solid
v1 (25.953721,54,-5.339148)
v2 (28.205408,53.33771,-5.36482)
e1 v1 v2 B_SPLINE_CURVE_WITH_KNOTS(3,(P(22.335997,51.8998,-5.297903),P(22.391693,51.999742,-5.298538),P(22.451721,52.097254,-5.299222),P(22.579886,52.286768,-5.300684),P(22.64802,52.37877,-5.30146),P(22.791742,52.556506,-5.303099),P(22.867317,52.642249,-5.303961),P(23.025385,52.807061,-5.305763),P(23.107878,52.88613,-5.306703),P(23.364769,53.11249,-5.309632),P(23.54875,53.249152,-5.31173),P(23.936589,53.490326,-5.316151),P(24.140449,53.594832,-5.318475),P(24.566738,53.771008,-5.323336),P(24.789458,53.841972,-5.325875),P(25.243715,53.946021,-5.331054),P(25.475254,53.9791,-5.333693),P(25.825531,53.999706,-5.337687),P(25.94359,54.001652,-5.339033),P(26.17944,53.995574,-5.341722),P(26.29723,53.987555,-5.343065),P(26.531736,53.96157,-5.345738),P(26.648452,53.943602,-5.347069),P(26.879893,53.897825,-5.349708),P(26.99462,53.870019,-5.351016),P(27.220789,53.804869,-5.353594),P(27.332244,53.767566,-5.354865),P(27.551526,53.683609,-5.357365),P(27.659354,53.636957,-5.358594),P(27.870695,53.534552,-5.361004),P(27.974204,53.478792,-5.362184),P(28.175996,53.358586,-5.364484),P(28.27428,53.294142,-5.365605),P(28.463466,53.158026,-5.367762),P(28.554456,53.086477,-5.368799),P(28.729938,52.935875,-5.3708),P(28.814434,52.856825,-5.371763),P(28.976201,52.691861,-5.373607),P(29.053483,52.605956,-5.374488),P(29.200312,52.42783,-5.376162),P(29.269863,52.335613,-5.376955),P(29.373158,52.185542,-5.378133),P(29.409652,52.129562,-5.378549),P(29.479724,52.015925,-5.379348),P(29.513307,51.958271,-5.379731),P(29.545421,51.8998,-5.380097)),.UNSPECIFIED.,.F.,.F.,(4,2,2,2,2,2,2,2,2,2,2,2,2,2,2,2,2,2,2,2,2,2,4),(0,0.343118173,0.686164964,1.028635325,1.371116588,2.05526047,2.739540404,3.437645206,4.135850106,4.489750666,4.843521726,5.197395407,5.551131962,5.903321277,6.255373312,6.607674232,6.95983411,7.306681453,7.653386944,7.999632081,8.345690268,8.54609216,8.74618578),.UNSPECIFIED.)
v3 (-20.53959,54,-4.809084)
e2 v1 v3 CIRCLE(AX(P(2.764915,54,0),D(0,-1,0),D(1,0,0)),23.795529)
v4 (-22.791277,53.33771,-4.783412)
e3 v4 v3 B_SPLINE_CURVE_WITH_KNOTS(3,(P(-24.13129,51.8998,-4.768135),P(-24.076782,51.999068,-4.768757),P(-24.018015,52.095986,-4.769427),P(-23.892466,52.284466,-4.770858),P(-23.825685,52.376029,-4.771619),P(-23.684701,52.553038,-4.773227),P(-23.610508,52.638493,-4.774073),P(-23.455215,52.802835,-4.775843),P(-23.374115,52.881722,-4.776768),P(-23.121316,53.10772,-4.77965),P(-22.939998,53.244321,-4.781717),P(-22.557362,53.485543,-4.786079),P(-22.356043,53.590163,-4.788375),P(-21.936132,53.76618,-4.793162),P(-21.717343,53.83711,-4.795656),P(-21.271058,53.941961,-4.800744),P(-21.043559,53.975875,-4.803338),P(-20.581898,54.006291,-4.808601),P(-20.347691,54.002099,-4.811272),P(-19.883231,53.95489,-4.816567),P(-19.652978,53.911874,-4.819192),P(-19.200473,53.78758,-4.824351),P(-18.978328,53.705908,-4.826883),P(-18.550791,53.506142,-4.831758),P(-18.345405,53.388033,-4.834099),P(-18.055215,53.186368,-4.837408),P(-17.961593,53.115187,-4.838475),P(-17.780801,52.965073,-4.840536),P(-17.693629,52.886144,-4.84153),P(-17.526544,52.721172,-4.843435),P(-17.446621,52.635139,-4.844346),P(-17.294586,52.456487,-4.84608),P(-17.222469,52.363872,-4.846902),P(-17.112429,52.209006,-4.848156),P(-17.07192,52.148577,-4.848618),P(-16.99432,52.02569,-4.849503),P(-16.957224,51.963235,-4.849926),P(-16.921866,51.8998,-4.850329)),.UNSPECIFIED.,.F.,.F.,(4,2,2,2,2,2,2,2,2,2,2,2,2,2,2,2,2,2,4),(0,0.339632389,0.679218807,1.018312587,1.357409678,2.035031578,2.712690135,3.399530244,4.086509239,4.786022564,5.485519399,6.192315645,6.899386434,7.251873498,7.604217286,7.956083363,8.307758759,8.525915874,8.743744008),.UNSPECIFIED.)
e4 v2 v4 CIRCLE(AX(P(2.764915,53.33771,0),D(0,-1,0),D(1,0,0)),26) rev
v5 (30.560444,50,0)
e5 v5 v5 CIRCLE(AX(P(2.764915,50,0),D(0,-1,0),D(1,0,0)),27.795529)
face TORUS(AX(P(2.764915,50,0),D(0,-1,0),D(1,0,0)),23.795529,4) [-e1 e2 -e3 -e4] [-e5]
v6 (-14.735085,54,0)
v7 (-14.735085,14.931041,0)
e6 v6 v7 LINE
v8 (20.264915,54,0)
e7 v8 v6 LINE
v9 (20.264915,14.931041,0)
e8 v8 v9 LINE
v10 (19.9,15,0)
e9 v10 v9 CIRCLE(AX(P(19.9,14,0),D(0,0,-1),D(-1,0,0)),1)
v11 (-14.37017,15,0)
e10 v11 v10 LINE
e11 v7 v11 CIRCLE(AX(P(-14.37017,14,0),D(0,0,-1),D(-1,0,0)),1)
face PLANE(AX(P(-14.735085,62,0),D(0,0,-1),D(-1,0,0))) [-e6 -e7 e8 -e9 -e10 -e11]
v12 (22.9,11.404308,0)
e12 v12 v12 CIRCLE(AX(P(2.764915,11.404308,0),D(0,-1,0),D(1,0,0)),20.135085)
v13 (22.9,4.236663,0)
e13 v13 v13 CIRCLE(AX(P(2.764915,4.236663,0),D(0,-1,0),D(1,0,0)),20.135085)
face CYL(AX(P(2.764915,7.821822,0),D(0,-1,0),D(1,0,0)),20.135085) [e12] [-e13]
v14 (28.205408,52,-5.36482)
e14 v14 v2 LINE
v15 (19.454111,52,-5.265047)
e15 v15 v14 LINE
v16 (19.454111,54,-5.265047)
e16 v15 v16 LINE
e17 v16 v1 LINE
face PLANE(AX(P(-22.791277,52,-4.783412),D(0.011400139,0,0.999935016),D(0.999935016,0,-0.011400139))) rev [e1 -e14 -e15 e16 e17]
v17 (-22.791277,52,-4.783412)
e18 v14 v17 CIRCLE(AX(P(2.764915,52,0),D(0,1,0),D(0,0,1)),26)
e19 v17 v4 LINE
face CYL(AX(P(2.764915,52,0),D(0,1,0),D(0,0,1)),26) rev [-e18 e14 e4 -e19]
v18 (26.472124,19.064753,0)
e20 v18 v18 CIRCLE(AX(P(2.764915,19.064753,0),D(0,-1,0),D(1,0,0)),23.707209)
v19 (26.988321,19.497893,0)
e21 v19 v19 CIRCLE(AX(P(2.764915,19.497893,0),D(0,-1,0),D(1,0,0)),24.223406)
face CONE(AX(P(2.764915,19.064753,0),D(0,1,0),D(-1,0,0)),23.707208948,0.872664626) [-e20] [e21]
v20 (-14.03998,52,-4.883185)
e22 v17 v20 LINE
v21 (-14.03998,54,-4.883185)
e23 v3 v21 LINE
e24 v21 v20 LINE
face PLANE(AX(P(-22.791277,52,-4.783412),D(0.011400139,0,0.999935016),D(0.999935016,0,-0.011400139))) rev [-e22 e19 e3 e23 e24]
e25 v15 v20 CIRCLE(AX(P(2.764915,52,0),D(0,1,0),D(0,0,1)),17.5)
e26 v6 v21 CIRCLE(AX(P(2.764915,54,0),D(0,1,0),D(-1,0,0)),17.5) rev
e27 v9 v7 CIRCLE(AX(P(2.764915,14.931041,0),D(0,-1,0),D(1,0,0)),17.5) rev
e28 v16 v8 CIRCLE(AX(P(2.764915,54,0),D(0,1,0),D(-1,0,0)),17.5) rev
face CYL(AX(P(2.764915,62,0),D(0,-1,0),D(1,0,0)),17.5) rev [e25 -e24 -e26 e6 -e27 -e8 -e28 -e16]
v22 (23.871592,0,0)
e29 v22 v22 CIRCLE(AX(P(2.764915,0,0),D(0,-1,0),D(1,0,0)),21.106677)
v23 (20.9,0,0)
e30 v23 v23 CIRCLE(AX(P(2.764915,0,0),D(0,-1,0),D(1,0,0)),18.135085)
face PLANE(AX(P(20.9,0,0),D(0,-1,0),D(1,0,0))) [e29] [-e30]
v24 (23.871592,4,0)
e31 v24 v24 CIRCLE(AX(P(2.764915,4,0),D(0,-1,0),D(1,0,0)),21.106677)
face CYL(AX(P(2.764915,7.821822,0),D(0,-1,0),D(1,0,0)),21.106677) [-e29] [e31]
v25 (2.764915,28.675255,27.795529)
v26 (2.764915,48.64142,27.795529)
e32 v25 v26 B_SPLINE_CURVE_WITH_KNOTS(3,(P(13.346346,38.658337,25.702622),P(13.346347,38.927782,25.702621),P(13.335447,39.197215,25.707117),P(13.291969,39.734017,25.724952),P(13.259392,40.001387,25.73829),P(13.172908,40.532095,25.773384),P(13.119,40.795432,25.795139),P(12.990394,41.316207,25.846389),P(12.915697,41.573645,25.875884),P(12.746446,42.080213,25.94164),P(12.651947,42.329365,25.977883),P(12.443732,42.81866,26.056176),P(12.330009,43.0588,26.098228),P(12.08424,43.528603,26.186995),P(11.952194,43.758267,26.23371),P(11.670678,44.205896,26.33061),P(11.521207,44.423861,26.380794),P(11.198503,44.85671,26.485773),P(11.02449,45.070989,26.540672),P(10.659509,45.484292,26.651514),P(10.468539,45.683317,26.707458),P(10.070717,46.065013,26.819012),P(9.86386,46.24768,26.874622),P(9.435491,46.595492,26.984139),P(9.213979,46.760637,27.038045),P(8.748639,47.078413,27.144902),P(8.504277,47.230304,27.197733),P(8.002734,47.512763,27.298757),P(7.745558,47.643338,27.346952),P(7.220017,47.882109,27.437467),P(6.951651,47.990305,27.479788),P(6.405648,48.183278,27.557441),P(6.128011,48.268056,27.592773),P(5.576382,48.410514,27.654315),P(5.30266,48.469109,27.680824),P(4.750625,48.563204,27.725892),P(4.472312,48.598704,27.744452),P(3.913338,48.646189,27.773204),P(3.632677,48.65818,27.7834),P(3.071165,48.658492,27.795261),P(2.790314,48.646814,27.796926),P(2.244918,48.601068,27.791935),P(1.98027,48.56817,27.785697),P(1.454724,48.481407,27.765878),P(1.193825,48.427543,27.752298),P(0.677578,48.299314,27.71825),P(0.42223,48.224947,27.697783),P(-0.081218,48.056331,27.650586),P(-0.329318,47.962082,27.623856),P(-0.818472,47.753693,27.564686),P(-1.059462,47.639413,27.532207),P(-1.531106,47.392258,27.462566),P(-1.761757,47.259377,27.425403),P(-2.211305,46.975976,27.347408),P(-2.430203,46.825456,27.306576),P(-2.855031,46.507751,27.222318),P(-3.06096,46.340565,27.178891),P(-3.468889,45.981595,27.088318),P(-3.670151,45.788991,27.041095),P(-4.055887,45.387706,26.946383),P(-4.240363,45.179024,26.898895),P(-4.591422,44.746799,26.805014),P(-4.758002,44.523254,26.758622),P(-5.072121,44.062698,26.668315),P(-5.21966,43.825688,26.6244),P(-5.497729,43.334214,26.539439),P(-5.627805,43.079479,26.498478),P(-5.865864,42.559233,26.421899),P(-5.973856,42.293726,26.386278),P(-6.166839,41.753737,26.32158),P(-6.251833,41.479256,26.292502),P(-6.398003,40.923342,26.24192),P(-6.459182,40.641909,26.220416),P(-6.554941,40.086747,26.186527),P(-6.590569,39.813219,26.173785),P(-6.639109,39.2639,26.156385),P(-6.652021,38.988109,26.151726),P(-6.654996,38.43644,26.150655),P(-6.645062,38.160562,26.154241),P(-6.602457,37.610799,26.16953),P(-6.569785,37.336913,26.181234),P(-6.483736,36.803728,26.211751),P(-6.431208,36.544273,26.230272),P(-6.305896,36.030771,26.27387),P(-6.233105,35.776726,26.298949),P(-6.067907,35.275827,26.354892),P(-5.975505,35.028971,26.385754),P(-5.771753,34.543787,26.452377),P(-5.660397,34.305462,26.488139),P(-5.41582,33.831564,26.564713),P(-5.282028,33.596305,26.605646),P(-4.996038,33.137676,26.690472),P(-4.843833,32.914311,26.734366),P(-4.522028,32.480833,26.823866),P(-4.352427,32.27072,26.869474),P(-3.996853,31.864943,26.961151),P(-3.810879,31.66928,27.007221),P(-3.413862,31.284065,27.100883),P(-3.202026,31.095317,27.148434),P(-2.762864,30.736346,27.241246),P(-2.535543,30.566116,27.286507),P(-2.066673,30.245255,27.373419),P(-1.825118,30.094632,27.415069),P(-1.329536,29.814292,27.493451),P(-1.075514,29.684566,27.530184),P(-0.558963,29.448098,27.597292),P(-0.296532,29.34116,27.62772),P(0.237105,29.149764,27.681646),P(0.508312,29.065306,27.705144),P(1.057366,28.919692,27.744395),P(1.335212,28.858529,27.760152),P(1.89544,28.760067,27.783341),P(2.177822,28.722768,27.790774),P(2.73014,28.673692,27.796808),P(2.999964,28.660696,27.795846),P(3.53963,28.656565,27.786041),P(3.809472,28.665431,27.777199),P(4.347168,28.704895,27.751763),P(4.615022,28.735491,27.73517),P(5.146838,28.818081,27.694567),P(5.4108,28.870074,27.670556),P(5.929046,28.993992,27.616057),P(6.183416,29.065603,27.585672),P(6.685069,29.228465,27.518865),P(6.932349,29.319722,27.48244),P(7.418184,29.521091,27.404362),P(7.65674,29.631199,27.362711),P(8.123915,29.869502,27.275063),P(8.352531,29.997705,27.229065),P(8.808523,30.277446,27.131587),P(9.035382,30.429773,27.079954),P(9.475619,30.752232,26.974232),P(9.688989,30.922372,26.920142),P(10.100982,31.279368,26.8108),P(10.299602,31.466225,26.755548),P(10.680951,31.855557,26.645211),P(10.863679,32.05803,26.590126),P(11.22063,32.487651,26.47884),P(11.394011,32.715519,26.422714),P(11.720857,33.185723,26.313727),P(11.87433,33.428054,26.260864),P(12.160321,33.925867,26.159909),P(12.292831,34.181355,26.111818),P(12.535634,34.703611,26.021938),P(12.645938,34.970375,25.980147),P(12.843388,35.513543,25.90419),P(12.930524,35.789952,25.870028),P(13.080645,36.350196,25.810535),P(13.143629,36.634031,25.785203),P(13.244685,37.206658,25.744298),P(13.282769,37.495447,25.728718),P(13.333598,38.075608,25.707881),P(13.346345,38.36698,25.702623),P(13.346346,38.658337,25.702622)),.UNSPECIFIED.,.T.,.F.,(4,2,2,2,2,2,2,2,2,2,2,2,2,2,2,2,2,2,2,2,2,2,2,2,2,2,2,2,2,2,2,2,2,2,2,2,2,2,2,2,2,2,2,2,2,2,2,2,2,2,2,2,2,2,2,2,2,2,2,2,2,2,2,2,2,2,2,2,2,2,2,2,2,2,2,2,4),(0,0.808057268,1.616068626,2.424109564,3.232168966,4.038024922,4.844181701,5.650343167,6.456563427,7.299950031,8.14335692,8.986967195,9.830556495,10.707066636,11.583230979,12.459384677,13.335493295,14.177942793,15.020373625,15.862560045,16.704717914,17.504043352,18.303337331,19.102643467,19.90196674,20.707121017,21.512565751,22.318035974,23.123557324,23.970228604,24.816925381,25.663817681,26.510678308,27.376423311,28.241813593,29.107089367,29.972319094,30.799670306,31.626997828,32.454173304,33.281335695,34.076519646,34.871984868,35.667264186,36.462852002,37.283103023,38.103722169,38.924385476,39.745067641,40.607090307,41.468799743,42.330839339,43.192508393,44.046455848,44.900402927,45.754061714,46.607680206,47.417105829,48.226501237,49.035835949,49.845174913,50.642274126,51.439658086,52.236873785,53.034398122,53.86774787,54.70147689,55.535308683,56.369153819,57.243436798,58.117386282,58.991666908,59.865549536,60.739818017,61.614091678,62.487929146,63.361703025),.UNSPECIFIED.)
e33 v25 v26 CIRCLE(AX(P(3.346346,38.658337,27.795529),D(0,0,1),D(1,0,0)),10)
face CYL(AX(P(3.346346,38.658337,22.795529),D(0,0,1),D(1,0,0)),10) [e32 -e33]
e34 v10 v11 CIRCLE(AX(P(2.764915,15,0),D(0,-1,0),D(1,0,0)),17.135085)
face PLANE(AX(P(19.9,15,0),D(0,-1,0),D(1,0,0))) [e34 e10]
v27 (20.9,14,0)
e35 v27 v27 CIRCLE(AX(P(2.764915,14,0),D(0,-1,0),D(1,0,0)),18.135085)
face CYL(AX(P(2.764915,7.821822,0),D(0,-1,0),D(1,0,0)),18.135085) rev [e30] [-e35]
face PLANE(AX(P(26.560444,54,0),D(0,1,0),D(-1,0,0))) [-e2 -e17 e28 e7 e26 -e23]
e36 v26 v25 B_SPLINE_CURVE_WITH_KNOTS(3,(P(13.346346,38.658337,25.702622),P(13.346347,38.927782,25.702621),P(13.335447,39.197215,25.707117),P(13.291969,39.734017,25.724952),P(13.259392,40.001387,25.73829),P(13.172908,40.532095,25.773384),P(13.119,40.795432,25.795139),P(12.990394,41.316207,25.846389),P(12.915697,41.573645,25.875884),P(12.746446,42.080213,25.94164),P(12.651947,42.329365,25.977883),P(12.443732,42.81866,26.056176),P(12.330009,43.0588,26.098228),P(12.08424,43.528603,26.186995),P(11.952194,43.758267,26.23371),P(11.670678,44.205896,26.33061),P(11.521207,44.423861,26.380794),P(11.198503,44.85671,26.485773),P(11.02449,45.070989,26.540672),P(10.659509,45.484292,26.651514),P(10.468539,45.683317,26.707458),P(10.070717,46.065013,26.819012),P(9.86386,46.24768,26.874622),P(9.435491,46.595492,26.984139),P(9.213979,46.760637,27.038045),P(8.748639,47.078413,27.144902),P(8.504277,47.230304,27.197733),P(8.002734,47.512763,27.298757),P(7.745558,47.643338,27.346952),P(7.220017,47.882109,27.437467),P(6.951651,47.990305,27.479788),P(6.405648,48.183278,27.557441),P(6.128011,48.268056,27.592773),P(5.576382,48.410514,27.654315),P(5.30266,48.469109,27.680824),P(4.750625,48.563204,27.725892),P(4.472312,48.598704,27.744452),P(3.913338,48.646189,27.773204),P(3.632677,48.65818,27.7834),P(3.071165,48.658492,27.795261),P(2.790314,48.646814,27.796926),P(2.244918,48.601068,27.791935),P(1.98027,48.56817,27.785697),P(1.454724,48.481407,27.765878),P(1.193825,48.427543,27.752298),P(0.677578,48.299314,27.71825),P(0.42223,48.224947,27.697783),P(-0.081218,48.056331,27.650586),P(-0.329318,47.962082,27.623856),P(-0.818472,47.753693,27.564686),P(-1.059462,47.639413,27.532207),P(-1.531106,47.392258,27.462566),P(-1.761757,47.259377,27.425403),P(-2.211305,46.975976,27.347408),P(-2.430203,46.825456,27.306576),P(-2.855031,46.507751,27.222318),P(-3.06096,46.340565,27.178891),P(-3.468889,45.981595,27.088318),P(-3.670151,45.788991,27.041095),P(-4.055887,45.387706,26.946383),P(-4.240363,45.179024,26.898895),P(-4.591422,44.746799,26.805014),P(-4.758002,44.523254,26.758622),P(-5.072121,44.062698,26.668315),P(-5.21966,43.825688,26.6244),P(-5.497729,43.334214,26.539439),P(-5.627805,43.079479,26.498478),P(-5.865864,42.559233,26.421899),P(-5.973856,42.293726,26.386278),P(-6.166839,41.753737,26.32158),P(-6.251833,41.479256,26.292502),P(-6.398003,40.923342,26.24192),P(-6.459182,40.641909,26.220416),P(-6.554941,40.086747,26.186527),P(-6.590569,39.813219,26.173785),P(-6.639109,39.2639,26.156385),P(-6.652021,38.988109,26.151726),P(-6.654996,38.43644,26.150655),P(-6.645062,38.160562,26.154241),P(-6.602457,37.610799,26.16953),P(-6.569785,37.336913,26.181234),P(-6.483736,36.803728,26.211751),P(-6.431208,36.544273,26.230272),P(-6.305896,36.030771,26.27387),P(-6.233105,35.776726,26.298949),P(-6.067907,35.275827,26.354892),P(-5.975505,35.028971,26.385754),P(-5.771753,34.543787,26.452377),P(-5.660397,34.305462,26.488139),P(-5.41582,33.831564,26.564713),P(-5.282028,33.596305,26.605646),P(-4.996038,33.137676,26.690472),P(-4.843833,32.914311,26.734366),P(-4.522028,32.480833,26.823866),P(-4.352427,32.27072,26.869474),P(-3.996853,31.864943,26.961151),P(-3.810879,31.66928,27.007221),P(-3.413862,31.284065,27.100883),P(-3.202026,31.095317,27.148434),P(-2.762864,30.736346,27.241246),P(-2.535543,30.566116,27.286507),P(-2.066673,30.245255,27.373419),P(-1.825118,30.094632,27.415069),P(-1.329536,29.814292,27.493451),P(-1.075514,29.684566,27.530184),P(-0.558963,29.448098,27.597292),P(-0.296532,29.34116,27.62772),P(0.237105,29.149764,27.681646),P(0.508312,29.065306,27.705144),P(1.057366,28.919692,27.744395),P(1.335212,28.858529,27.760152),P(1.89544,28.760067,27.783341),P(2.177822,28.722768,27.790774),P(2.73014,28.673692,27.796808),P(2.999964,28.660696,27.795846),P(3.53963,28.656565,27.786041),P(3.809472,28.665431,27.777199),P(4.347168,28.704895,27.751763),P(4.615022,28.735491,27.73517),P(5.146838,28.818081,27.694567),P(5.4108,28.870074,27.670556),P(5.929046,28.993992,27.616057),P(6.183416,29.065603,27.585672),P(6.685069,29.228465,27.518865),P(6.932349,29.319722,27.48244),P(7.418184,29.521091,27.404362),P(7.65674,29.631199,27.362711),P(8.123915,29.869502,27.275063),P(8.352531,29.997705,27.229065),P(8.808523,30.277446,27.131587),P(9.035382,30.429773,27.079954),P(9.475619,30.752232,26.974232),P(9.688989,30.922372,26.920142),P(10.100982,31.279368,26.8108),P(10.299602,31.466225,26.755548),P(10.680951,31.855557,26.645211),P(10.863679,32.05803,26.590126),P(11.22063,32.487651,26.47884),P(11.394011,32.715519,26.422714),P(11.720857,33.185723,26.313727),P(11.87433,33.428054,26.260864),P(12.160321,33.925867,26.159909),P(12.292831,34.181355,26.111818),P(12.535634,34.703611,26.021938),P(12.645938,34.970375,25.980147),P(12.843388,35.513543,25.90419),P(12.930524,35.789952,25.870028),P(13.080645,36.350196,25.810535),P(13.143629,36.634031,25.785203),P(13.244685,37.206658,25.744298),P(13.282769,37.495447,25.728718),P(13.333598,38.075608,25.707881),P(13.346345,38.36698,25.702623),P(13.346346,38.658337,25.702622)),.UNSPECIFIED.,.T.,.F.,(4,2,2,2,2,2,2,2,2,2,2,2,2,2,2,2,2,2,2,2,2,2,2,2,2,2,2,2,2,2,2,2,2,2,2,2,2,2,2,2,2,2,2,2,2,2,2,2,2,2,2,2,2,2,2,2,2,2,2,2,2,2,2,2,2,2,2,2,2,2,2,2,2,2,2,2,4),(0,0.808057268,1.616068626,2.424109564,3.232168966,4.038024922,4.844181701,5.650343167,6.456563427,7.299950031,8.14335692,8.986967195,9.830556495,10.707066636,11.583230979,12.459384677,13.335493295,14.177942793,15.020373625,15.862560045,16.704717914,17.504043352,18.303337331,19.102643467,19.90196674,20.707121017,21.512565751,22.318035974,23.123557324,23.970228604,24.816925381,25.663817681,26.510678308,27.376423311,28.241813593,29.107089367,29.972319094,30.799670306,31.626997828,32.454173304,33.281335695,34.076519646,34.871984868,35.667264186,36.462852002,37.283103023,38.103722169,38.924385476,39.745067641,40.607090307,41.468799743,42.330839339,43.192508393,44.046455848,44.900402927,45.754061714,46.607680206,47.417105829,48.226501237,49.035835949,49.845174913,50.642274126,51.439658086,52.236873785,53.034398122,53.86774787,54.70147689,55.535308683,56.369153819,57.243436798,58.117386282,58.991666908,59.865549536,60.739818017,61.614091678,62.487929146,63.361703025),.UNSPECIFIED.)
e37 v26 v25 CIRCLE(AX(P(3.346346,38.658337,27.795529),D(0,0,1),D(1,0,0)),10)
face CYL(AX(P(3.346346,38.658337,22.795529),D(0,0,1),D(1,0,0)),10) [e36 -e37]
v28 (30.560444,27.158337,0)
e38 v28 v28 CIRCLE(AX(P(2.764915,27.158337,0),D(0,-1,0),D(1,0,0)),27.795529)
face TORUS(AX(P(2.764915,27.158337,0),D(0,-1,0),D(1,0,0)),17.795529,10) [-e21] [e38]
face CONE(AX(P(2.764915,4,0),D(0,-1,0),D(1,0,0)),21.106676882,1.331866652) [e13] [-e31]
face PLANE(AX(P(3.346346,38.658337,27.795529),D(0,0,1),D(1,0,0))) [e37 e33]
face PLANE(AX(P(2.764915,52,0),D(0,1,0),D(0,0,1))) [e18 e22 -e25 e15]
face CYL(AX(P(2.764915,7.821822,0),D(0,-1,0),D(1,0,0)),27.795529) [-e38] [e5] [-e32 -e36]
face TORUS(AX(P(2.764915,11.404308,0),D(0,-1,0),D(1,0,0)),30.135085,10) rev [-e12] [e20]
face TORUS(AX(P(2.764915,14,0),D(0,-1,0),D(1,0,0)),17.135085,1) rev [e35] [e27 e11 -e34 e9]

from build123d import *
from build123d.topology import SkipClean

# Parameters (mm, degrees)
SKETCH10_R              = 10
BOSS_EXTRUDE1_DEPTH     = 5
CUT_EXTRUDE3_DEPTH      = 45
CUT_EXTRUDE3_DEPTH_BACK = 20
CUT_EXTRUDE5_DEPTH      = 2


with BuildPart() as part:
    # Sketch1 → Revolve1 (revolve)
    with BuildSketch(Plane.XY):
        with BuildLine():
            Line((20.9, 0), (23.871591838, 0))
            Line((23.871591838, 0), (23.871591838, 4))
            Line((23.871591838, 4), (22.9, 4.236662843))
            Line((22.9, 4.236662843), (22.9, 11.404308102))
            ThreePointArc((22.9, 11.404308102), (23.83692213, 15.63049072), (26.472123903, 19.064752533))
            Line((26.472123903, 19.064752533), (26.988320528, 19.497892931))
            ThreePointArc((26.988320528, 19.497892931), (29.623522302, 22.932154745), (30.560444431, 27.158337362))
            Line((30.560444431, 27.158337362), (30.560444431, 50))
            ThreePointArc((30.560444431, 50), (29.388871556, 52.828427125), (26.560444431, 54))
            Line((26.560444431, 54), (2.764914955, 54))
            Line((2.764914955, 54), (2.764914955, 15))
            Line((2.764914955, 15), (19.9, 15))
            ThreePointArc((19.9, 15), (20.607106781, 14.707106781), (20.9, 14))
            Line((20.9, 14), (20.9, 0))
        make_face()
    revolve(axis=Axis((2.764914955, 7.821821657, 0), (0, 1, 0)))

    # Sketch10 → Boss-Extrude1 (add)
    with SkipClean():  # the faces are left unmerged after this step: merging them gives an invalid solid
        with BuildSketch(Plane.XY.offset(27.795529476)):
            with Locations((3.346345887, 38.658337362)):
                Circle(SKETCH10_R)
        extrude(amount=-BOSS_EXTRUDE1_DEPTH)

    # Sketch11 → Cut-Extrude3 (cut, two sides: drawn at the far end of the back side and taken through both)
    with SkipClean():  # the faces are left unmerged after this step: merging them gives an invalid solid
        with BuildSketch(Plane(origin=(0, 17, 0), x_dir=(1, 0, 0), z_dir=(0, 1, 0)).offset(-CUT_EXTRUDE3_DEPTH_BACK)):
            with BuildLine():
                Line((-14.735085045, 0), (20.264914955, 0))
                ThreePointArc((20.264914955, 0), (2.764914955, 17.5), (-14.735085045, 0))
            make_face()
        extrude(amount=CUT_EXTRUDE3_DEPTH + CUT_EXTRUDE3_DEPTH_BACK, mode=Mode.SUBTRACT)

    # Sketch9 → Cut-Extrude5 (cut)
    with SkipClean():  # the faces are left unmerged after this step: merging them gives an invalid solid
        with BuildSketch(Plane(origin=(0, 54, 0), x_dir=(1, 0, 0), z_dir=(0, 1, 0))):
            with BuildLine():
                Line((-22.791277346, 4.78341249), (28.205408486, 5.364819562))
                ThreePointArc((28.205408486, 5.364819562), (2.46851135, 25.998310424), (-22.791277346, 4.78341249))
            make_face()
        extrude(amount=-CUT_EXTRUDE5_DEPTH, mode=Mode.SUBTRACT)


solid = part.part
